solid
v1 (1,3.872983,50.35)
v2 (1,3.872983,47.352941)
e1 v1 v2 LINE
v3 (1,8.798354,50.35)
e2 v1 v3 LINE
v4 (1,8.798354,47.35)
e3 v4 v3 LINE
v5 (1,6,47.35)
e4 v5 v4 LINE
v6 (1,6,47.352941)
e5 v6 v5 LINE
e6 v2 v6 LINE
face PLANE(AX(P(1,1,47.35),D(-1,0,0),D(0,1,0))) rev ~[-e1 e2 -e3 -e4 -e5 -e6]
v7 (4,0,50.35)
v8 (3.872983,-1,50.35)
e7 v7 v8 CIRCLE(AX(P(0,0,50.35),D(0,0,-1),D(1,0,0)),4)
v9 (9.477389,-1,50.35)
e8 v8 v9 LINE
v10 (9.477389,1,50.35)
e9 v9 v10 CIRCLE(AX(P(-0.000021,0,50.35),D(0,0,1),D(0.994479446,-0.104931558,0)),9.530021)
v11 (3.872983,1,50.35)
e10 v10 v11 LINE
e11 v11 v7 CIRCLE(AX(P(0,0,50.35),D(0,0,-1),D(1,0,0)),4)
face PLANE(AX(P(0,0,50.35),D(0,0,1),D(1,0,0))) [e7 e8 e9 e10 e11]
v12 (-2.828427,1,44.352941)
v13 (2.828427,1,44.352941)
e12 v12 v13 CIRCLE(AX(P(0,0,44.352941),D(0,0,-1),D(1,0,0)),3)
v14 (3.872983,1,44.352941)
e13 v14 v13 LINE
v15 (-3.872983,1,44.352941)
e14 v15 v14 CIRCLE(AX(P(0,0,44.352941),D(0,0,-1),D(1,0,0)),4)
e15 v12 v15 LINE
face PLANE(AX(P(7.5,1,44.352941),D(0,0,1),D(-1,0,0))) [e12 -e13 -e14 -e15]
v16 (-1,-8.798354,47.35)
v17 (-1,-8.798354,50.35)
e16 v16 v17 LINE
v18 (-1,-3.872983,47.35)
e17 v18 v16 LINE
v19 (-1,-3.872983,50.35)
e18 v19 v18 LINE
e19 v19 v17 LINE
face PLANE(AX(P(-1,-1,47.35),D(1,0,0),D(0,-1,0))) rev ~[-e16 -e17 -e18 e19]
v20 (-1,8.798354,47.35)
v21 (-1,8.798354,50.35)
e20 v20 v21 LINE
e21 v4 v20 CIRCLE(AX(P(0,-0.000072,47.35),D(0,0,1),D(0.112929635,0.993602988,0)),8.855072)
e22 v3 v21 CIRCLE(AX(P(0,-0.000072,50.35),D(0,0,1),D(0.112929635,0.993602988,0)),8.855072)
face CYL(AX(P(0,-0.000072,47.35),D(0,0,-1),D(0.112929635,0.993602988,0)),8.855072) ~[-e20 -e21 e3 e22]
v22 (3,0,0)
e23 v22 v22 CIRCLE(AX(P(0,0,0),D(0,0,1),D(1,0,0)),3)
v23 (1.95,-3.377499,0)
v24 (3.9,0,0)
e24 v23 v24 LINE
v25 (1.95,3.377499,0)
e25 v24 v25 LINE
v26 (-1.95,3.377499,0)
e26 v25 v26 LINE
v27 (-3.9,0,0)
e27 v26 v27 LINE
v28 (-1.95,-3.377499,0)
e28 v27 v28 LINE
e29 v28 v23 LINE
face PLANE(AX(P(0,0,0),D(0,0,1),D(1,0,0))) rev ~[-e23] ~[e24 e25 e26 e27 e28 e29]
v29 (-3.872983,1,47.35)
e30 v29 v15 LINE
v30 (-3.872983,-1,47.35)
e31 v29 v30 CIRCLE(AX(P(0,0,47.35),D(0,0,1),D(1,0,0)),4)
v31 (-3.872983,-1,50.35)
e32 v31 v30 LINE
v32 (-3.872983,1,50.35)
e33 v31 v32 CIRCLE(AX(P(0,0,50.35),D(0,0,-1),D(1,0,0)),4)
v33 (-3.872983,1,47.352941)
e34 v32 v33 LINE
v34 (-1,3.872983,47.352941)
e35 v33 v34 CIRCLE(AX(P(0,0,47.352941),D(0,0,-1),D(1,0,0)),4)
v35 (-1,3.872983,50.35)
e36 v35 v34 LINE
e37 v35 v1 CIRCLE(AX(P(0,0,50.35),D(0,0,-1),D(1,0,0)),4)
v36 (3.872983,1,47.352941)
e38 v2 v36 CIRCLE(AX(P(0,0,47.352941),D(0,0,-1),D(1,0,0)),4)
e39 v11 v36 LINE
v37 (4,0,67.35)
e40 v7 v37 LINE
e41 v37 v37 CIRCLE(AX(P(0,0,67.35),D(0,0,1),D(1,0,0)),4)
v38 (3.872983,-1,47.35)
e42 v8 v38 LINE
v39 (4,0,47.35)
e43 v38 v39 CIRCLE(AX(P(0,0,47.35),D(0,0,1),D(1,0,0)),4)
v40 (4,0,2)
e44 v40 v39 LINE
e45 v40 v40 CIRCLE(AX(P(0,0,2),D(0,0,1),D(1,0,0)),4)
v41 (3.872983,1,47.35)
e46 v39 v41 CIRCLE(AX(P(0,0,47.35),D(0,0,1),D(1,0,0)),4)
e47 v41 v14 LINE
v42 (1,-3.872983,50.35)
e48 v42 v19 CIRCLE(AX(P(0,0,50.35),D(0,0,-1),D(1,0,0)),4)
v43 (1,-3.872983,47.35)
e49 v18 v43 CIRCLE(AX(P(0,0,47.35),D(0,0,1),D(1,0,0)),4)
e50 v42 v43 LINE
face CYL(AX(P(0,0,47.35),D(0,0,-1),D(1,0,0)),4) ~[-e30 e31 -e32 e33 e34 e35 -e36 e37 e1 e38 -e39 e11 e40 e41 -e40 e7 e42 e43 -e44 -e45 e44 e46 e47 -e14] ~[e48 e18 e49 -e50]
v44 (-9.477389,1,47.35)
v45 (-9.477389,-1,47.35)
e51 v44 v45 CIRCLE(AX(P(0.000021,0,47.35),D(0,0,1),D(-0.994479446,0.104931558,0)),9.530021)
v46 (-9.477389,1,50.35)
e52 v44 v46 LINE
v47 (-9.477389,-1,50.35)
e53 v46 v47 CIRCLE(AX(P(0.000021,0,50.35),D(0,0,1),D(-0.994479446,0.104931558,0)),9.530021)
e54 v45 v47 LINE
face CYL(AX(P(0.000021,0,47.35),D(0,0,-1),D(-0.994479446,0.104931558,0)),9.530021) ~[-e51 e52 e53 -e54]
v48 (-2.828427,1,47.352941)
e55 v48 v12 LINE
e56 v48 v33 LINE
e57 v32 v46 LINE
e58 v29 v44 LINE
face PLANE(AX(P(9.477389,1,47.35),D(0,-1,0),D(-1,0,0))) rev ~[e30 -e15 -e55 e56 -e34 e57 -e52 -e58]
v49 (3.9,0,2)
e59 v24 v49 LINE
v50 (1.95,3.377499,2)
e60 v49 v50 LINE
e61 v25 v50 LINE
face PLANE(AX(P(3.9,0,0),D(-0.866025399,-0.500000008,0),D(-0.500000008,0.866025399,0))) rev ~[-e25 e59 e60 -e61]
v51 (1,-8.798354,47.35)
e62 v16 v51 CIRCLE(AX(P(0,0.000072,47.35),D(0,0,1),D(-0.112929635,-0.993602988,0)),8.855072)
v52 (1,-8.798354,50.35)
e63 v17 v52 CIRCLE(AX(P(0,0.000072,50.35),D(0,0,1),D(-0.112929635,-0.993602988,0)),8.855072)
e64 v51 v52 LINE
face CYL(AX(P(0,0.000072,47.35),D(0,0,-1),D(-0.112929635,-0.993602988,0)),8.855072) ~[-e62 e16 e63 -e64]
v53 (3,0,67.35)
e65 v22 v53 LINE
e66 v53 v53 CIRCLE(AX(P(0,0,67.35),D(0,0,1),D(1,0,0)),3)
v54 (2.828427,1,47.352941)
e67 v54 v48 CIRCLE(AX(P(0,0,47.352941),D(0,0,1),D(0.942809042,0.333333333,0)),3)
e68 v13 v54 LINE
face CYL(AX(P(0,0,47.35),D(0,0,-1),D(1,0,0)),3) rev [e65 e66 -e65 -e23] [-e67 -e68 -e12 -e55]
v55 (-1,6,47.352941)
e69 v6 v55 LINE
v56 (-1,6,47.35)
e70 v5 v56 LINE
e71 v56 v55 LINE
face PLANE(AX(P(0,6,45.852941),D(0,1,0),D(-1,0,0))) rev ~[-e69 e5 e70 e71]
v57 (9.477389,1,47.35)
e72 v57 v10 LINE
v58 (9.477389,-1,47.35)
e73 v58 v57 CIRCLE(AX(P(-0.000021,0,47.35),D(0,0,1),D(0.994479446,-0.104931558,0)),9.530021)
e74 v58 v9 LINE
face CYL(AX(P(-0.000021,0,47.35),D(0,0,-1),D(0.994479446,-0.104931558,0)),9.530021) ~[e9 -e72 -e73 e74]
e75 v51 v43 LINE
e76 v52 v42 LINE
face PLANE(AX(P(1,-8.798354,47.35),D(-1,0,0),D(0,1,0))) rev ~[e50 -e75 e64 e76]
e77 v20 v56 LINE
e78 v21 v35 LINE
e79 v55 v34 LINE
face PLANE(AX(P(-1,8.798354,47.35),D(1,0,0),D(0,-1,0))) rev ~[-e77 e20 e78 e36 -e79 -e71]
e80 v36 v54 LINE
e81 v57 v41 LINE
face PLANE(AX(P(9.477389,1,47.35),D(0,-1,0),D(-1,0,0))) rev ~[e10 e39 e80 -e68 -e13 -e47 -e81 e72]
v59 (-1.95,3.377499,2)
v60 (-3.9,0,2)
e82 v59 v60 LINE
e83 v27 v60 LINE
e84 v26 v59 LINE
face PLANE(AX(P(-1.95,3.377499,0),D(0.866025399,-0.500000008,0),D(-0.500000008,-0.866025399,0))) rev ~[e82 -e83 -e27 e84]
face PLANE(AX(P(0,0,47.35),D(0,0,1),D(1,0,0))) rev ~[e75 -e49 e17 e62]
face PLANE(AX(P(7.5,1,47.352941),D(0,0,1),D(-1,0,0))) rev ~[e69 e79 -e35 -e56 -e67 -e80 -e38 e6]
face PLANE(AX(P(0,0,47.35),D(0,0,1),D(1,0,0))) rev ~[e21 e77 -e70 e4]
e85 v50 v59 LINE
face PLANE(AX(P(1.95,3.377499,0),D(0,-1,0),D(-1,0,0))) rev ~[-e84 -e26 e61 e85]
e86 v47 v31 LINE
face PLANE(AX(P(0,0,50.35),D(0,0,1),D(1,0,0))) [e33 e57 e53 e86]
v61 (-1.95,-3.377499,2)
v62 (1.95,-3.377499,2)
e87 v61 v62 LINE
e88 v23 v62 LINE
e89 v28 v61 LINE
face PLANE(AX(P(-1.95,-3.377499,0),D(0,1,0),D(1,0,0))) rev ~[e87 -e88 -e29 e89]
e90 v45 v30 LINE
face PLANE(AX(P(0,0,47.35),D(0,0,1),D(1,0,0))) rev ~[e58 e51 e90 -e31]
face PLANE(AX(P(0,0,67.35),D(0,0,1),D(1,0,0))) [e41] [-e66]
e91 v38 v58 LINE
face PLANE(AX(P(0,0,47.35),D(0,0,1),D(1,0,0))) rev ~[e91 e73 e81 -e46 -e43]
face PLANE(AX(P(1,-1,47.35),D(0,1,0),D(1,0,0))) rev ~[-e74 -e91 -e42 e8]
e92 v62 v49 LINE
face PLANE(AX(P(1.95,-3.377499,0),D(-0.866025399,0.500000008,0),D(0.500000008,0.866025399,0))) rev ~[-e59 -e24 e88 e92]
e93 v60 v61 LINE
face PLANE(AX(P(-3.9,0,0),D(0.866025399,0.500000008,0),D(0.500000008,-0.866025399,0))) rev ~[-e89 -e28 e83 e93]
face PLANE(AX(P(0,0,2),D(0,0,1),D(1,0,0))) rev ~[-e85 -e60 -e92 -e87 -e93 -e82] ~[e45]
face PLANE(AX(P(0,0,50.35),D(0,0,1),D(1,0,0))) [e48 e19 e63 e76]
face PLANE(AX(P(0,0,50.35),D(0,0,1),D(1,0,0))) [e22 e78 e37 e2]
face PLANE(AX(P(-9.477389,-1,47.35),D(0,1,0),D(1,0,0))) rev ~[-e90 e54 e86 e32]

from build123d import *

# Parameters (mm, degrees)
SKETCH050_R     = 3
PAD038_DEPTH    = 2
SKETCH051_R     = 4
SKETCH051_R_2   = 3
PAD039_DEPTH    = 45.35
PAD040_DEPTH    = 3
SKETCH053_R     = 4
SKETCH053_R_2   = 3
PAD041_DEPTH    = 20
SKETCH054_W     = 15
SKETCH054_H     = 3
POCKET_DEPTH    = 5
SKETCH055_R     = 3
POCKET001_DEPTH = 67.351


with BuildPart() as part:
    # Sketch050 → Pad038 (new body)
    with BuildSketch(Plane.XY):
        Polygon((1.95, 3.377499), (-1.95, 3.377499), (-3.9, 0), (-1.95, -3.377499), (1.95, -3.377499), (3.9, 0), align=None)
        Circle(SKETCH050_R, mode=Mode.SUBTRACT)
    extrude(amount=PAD038_DEPTH)

    # Sketch051 (on Face9 of Pad038) → Pad039 (join)
    with BuildSketch(Plane.XY.offset(2)):
        Circle(SKETCH051_R)
        Circle(SKETCH051_R_2, mode=Mode.SUBTRACT)
    extrude(amount=PAD039_DEPTH)

    # Sketch052 (on Face12 of Pad039) → Pad040 (join)
    with BuildSketch(Plane.XY.offset(47.35)):
        with BuildLine():
            Line((1, -8.798354), (1, -1))
            Line((1, -1), (9.477389, -1))
            ThreePointArc((9.477389, -1), (9.53, 0), (9.477389, 1))
            Line((9.477389, 1), (1, 1))
            Line((1, 1), (1, 8.798354))
            ThreePointArc((1, 8.798354), (0, 8.855), (-1, 8.798354))
            Line((-1, 8.798354), (-1, 1))
            Line((-1, 1), (-9.477389, 1))
            ThreePointArc((-9.477389, 1), (-9.53, 0), (-9.477389, -1))
            Line((-9.477389, -1), (-1, -1))
            Line((-1, -1), (-1, -8.798354))
            ThreePointArc((-1, -8.798354), (0, -8.855), (1, -8.798354))
        make_face()
    extrude(amount=PAD040_DEPTH)

    # Sketch053 (on Face19 of Pad040) → Pad041 (join)
    with BuildSketch(Plane.XY.offset(47.35)):
        Circle(SKETCH053_R)
        Circle(SKETCH053_R_2, mode=Mode.SUBTRACT)
    extrude(amount=PAD041_DEPTH)

    # Sketch054 (on Face26 of Pad041) → Pocket (cut)
    with BuildSketch(Plane(origin=(0, 1, 0), x_dir=(-1, 0, 0), z_dir=(0, 1, 0))):
        with Locations((0, 45.852941)):
            Rectangle(SKETCH054_W, SKETCH054_H)
    extrude(amount=POCKET_DEPTH, mode=Mode.SUBTRACT)

    # Sketch055 (on Face36 of Pocket) → Pocket001 (cut, through all)
    with BuildSketch(Plane.XY.offset(67.35)):
        Circle(SKETCH055_R)
    extrude(amount=-POCKET001_DEPTH, mode=Mode.SUBTRACT)


solid = part.part
